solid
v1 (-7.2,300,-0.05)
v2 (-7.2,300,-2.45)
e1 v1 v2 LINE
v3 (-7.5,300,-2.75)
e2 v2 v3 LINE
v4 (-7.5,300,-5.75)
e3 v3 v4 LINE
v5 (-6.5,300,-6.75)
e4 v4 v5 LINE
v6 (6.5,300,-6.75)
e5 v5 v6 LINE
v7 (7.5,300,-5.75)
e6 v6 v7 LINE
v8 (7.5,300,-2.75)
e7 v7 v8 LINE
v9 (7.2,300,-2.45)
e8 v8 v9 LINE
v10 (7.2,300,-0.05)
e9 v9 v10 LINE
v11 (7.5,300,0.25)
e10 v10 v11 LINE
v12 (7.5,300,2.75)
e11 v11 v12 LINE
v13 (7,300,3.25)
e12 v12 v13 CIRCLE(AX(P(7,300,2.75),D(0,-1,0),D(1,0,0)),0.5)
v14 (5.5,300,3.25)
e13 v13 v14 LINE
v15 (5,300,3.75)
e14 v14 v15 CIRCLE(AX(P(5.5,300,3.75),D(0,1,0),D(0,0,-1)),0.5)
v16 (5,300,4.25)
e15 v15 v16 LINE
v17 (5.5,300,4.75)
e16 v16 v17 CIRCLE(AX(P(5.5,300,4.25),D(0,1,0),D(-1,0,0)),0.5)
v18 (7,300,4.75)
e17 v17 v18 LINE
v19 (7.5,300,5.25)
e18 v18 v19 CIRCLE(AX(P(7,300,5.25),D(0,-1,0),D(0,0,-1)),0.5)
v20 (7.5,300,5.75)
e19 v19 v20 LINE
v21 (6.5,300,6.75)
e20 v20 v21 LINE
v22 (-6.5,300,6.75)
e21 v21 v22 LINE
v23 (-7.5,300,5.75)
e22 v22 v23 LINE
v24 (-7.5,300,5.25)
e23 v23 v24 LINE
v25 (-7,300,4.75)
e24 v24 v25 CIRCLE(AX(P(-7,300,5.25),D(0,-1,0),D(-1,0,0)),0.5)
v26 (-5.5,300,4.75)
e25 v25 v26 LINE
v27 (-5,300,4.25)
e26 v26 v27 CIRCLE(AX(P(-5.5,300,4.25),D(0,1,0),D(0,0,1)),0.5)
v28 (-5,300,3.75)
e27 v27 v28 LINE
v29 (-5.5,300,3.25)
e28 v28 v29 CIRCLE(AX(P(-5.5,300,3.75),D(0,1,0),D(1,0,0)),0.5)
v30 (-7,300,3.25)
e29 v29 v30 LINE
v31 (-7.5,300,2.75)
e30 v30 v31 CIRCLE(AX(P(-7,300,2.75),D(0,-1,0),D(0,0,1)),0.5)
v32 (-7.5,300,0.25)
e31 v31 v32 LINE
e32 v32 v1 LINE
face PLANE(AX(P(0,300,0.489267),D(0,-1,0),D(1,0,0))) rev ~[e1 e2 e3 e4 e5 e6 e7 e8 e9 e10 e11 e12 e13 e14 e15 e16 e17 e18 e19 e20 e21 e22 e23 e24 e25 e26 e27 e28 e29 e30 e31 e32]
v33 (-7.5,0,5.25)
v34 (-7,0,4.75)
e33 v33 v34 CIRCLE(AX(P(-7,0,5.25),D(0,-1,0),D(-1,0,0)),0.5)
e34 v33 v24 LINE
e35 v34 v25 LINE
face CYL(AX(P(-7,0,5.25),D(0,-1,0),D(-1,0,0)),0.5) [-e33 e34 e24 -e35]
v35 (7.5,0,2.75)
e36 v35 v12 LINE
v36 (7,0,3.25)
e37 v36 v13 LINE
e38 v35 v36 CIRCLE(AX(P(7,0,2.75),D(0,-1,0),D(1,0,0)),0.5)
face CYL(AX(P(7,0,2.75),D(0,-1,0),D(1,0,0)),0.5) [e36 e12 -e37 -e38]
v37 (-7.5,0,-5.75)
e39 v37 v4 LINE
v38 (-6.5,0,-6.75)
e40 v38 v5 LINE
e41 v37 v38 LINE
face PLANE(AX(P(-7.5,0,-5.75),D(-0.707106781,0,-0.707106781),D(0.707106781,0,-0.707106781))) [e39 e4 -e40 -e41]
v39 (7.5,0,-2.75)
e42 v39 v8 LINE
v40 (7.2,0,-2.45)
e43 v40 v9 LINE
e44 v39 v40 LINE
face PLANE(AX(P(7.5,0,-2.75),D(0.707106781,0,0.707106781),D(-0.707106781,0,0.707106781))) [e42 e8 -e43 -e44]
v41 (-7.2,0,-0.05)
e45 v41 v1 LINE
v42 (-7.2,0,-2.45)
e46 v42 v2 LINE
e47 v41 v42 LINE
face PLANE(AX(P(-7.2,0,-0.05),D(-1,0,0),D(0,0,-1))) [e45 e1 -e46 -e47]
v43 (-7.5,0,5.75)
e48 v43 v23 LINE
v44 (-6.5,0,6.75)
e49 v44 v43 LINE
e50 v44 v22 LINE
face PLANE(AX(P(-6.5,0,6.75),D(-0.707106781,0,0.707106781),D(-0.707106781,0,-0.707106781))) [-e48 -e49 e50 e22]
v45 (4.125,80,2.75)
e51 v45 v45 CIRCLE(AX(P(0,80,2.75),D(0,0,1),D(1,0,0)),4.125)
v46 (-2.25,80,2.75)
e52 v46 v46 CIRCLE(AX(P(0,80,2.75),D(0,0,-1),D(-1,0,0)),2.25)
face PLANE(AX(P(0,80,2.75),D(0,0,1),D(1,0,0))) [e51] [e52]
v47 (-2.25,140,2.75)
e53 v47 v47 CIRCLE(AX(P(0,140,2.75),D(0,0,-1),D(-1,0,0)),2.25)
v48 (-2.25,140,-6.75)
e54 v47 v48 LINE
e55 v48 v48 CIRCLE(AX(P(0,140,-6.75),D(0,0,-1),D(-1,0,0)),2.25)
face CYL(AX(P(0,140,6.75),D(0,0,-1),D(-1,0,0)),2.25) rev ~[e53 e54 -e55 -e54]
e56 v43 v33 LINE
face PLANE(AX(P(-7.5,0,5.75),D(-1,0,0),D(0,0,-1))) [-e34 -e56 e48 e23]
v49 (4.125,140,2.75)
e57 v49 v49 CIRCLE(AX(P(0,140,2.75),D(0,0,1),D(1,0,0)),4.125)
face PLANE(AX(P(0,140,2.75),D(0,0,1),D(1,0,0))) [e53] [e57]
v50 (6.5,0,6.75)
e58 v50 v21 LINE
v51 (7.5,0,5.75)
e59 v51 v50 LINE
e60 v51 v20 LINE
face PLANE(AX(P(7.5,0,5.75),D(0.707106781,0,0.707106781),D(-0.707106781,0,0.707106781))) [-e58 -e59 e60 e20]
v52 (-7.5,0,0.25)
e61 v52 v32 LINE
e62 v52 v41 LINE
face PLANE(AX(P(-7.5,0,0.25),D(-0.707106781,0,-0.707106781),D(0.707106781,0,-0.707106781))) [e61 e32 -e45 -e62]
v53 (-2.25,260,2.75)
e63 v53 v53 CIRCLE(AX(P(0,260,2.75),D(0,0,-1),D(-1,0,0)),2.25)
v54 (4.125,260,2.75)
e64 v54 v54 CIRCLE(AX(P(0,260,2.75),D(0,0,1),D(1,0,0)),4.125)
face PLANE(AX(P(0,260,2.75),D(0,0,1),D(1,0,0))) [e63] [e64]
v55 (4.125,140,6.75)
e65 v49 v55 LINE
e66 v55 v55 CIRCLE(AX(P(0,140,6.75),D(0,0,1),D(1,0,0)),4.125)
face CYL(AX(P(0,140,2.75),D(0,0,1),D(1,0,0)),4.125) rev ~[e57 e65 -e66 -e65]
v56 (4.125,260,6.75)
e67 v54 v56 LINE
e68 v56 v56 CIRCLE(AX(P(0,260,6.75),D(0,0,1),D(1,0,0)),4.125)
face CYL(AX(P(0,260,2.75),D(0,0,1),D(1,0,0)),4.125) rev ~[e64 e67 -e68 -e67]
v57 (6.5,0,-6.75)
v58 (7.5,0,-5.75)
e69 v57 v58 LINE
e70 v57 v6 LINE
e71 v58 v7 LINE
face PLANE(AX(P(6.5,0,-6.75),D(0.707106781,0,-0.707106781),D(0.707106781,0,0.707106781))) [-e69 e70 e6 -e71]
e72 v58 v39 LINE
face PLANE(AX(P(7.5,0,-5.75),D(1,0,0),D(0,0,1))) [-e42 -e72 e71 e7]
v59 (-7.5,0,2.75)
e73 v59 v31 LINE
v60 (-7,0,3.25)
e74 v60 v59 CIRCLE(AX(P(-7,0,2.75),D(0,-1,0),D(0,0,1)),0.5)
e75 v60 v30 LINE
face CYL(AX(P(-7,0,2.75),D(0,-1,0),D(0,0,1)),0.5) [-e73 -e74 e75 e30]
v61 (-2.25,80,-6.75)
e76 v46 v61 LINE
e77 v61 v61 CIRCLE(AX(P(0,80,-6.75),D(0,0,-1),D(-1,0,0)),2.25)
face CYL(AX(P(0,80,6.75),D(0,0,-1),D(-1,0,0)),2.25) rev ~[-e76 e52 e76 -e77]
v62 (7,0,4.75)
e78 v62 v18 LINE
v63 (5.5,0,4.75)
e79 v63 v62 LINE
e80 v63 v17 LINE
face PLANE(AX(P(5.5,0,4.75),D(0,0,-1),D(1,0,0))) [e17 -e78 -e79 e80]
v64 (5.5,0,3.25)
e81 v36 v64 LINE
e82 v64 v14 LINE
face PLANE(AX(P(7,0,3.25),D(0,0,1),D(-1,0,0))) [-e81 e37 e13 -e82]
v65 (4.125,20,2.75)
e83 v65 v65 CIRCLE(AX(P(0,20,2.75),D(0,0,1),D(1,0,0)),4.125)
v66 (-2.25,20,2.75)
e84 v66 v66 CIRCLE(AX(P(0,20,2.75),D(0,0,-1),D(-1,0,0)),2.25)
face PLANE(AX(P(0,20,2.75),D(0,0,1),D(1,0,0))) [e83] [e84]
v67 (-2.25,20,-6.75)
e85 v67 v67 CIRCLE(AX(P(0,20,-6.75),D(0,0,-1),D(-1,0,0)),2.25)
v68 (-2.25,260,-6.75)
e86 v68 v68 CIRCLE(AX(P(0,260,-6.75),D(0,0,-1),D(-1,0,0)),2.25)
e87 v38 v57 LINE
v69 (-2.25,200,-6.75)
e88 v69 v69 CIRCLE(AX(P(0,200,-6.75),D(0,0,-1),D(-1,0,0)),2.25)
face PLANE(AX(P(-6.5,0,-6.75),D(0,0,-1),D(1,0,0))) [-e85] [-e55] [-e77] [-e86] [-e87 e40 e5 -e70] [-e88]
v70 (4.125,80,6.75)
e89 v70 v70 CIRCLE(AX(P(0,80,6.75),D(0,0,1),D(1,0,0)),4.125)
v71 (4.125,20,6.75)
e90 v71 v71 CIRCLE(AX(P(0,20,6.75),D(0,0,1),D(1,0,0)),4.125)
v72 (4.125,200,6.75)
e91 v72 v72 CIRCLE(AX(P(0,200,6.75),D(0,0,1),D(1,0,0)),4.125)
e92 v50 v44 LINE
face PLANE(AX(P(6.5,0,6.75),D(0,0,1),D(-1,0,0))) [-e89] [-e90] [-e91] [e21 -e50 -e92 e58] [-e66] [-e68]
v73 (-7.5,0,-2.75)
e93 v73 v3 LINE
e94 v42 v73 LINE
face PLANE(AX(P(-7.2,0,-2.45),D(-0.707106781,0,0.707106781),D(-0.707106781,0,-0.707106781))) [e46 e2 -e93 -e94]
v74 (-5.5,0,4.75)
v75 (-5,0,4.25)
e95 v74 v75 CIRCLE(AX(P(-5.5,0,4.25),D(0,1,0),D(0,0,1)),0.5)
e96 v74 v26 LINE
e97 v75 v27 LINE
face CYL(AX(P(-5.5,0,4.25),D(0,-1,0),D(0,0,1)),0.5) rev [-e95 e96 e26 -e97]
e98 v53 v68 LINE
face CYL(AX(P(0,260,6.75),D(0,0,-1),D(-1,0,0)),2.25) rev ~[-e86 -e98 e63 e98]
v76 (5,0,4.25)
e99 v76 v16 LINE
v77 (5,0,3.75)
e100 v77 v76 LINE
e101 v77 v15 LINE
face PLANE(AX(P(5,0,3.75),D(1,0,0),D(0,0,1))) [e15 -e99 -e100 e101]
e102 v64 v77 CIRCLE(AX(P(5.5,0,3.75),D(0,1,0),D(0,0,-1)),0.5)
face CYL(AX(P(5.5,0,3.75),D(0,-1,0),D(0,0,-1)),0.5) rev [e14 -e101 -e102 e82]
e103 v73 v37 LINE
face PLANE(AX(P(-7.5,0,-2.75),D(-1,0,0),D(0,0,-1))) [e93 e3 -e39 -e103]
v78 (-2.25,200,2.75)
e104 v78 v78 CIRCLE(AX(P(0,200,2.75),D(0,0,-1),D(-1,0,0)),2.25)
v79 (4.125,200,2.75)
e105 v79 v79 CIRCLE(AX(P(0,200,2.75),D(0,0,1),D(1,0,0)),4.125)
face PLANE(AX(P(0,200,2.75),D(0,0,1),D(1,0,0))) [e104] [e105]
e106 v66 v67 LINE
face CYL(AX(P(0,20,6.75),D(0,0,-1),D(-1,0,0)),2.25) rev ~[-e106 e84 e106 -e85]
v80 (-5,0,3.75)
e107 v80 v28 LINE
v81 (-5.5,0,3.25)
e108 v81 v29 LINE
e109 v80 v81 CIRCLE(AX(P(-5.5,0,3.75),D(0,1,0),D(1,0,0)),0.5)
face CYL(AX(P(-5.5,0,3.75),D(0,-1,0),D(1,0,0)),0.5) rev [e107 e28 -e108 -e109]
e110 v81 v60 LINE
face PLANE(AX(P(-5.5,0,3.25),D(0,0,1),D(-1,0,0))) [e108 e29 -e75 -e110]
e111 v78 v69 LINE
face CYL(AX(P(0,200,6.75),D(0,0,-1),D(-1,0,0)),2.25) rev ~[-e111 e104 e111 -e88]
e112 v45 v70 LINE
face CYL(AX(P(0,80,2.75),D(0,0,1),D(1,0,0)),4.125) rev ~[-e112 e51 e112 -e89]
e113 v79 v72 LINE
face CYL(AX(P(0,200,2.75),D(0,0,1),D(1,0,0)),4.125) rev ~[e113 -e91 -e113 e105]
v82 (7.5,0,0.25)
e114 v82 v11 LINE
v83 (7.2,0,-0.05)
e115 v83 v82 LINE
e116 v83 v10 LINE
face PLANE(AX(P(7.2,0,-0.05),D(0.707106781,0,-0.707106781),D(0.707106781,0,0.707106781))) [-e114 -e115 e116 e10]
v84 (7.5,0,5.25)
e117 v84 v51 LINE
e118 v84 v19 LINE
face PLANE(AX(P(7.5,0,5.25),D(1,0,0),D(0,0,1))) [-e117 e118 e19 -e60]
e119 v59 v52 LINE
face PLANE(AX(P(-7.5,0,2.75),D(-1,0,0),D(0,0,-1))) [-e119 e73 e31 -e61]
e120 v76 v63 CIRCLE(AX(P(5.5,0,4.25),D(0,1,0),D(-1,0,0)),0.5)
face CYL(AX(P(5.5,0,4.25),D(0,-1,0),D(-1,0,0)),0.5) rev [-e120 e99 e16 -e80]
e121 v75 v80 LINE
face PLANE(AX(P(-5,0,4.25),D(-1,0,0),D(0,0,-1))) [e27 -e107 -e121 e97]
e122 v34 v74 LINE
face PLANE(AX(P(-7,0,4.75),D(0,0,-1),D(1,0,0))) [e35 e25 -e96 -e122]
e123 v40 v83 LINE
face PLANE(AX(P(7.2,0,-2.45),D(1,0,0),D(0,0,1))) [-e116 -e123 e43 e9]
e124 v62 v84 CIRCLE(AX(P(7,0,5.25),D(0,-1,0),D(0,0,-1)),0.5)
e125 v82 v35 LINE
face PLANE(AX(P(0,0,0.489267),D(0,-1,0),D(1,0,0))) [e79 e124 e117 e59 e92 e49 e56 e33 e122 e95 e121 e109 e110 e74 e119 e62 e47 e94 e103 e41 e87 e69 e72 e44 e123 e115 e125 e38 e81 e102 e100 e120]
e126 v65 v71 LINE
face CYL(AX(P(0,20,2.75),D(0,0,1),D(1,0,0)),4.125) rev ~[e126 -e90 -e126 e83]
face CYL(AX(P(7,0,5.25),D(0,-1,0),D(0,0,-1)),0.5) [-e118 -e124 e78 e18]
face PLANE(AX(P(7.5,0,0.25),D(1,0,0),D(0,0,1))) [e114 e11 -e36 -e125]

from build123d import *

# Parameters (mm, degrees)
F1_DEPTH       = 300
F3_D           = 4.5
F3_CBORE_D     = 8.25
F3_CBORE_DEPTH = 4


with BuildPart() as f1:
    # F0 (on Front) → F1 (new body)
    with BuildSketch(Plane.XZ):
        with BuildLine():
            Line((-6.5, -6.75), (6.5, -6.75))
            Line((6.5, -6.75), (7.5, -5.75))
            Line((7.5, -5.75), (7.5, -2.75))
            Line((7.5, -2.75), (7.2, -2.75))
            Line((7.2, -2.75), (7.2, -2.45))
            Line((7.2, -2.45), (7.2, -0.05))
            Line((7.2, -0.05), (7.2, 0.25))
            Line((7.2, 0.25), (7.5, 0.25))
            Line((7.5, 0.25), (7.5, 2.75))
            ThreePointArc((7.5, 2.75), (7.3535533906, 3.1035533906), (7, 3.25))
            Line((7, 3.25), (5.5, 3.25))
            ThreePointArc((5.5, 3.25), (5.1464466094, 3.3964466094), (5, 3.75))
            Line((5, 3.75), (5, 4.25))
            ThreePointArc((5, 4.25), (5.1464466094, 4.6035533906), (5.5, 4.75))
            Line((5.5, 4.75), (7, 4.75))
            ThreePointArc((7, 4.75), (7.3535533906, 4.8964466094), (7.5, 5.25))
            Line((7.5, 5.25), (7.5, 5.75))
            Line((7.5, 5.75), (6.5, 6.75))
            Line((6.5, 6.75), (-6.5, 6.75))
            Line((-6.5, 6.75), (-7.5, 5.75))
            Line((-7.5, 5.75), (-7.5, 5.25))
            ThreePointArc((-7.5, 5.25), (-7.3535533906, 4.8964466094), (-7, 4.75))
            Line((-7, 4.75), (-5.5, 4.75))
            ThreePointArc((-5.5, 4.75), (-5.1464466094, 4.6035533906), (-5, 4.25))
            Line((-5, 4.25), (-5, 3.75))
            ThreePointArc((-5, 3.75), (-5.1464466094, 3.3964466094), (-5.5, 3.25))
            Line((-5.5, 3.25), (-7, 3.25))
            ThreePointArc((-7, 3.25), (-7.3535533906, 3.1035533906), (-7.5, 2.75))
            Line((-7.5, 2.75), (-7.5, 0.25))
            Line((-7.5, 0.25), (-7.2, 0.25))
            Line((-7.2, 0.25), (-7.2, -0.05))
            Line((-7.2, -0.05), (-7.2, -2.45))
            Line((-7.2, -2.45), (-7.2, -2.75))
            Line((-7.2, -2.75), (-7.5, -2.75))
            Line((-7.5, -2.75), (-7.5, -5.75))
            Line((-7.5, -5.75), (-6.5, -6.75))
        make_face()
        Polygon((-7.2, 0.25), (-7.5, 0.25), (-7.2, -0.05), align=None)
        Polygon((-7.2, -2.45), (-7.5, -2.75), (-7.2, -2.75), align=None)
        Polygon((7.2, -2.75), (7.5, -2.75), (7.2, -2.45), align=None)
        Polygon((7.2, -0.05), (7.5, 0.25), (7.2, 0.25), align=None)
    extrude(amount=-F1_DEPTH)

    # F3 (through all)
    with Locations(Plane.XY.offset(6.75)):
        with Locations((0, 20), (0, 80), (0, 140), (0, 200), (0, 260)):
            CounterBoreHole(F3_D / 2, F3_CBORE_D / 2, F3_CBORE_DEPTH)


solid = f1.part
